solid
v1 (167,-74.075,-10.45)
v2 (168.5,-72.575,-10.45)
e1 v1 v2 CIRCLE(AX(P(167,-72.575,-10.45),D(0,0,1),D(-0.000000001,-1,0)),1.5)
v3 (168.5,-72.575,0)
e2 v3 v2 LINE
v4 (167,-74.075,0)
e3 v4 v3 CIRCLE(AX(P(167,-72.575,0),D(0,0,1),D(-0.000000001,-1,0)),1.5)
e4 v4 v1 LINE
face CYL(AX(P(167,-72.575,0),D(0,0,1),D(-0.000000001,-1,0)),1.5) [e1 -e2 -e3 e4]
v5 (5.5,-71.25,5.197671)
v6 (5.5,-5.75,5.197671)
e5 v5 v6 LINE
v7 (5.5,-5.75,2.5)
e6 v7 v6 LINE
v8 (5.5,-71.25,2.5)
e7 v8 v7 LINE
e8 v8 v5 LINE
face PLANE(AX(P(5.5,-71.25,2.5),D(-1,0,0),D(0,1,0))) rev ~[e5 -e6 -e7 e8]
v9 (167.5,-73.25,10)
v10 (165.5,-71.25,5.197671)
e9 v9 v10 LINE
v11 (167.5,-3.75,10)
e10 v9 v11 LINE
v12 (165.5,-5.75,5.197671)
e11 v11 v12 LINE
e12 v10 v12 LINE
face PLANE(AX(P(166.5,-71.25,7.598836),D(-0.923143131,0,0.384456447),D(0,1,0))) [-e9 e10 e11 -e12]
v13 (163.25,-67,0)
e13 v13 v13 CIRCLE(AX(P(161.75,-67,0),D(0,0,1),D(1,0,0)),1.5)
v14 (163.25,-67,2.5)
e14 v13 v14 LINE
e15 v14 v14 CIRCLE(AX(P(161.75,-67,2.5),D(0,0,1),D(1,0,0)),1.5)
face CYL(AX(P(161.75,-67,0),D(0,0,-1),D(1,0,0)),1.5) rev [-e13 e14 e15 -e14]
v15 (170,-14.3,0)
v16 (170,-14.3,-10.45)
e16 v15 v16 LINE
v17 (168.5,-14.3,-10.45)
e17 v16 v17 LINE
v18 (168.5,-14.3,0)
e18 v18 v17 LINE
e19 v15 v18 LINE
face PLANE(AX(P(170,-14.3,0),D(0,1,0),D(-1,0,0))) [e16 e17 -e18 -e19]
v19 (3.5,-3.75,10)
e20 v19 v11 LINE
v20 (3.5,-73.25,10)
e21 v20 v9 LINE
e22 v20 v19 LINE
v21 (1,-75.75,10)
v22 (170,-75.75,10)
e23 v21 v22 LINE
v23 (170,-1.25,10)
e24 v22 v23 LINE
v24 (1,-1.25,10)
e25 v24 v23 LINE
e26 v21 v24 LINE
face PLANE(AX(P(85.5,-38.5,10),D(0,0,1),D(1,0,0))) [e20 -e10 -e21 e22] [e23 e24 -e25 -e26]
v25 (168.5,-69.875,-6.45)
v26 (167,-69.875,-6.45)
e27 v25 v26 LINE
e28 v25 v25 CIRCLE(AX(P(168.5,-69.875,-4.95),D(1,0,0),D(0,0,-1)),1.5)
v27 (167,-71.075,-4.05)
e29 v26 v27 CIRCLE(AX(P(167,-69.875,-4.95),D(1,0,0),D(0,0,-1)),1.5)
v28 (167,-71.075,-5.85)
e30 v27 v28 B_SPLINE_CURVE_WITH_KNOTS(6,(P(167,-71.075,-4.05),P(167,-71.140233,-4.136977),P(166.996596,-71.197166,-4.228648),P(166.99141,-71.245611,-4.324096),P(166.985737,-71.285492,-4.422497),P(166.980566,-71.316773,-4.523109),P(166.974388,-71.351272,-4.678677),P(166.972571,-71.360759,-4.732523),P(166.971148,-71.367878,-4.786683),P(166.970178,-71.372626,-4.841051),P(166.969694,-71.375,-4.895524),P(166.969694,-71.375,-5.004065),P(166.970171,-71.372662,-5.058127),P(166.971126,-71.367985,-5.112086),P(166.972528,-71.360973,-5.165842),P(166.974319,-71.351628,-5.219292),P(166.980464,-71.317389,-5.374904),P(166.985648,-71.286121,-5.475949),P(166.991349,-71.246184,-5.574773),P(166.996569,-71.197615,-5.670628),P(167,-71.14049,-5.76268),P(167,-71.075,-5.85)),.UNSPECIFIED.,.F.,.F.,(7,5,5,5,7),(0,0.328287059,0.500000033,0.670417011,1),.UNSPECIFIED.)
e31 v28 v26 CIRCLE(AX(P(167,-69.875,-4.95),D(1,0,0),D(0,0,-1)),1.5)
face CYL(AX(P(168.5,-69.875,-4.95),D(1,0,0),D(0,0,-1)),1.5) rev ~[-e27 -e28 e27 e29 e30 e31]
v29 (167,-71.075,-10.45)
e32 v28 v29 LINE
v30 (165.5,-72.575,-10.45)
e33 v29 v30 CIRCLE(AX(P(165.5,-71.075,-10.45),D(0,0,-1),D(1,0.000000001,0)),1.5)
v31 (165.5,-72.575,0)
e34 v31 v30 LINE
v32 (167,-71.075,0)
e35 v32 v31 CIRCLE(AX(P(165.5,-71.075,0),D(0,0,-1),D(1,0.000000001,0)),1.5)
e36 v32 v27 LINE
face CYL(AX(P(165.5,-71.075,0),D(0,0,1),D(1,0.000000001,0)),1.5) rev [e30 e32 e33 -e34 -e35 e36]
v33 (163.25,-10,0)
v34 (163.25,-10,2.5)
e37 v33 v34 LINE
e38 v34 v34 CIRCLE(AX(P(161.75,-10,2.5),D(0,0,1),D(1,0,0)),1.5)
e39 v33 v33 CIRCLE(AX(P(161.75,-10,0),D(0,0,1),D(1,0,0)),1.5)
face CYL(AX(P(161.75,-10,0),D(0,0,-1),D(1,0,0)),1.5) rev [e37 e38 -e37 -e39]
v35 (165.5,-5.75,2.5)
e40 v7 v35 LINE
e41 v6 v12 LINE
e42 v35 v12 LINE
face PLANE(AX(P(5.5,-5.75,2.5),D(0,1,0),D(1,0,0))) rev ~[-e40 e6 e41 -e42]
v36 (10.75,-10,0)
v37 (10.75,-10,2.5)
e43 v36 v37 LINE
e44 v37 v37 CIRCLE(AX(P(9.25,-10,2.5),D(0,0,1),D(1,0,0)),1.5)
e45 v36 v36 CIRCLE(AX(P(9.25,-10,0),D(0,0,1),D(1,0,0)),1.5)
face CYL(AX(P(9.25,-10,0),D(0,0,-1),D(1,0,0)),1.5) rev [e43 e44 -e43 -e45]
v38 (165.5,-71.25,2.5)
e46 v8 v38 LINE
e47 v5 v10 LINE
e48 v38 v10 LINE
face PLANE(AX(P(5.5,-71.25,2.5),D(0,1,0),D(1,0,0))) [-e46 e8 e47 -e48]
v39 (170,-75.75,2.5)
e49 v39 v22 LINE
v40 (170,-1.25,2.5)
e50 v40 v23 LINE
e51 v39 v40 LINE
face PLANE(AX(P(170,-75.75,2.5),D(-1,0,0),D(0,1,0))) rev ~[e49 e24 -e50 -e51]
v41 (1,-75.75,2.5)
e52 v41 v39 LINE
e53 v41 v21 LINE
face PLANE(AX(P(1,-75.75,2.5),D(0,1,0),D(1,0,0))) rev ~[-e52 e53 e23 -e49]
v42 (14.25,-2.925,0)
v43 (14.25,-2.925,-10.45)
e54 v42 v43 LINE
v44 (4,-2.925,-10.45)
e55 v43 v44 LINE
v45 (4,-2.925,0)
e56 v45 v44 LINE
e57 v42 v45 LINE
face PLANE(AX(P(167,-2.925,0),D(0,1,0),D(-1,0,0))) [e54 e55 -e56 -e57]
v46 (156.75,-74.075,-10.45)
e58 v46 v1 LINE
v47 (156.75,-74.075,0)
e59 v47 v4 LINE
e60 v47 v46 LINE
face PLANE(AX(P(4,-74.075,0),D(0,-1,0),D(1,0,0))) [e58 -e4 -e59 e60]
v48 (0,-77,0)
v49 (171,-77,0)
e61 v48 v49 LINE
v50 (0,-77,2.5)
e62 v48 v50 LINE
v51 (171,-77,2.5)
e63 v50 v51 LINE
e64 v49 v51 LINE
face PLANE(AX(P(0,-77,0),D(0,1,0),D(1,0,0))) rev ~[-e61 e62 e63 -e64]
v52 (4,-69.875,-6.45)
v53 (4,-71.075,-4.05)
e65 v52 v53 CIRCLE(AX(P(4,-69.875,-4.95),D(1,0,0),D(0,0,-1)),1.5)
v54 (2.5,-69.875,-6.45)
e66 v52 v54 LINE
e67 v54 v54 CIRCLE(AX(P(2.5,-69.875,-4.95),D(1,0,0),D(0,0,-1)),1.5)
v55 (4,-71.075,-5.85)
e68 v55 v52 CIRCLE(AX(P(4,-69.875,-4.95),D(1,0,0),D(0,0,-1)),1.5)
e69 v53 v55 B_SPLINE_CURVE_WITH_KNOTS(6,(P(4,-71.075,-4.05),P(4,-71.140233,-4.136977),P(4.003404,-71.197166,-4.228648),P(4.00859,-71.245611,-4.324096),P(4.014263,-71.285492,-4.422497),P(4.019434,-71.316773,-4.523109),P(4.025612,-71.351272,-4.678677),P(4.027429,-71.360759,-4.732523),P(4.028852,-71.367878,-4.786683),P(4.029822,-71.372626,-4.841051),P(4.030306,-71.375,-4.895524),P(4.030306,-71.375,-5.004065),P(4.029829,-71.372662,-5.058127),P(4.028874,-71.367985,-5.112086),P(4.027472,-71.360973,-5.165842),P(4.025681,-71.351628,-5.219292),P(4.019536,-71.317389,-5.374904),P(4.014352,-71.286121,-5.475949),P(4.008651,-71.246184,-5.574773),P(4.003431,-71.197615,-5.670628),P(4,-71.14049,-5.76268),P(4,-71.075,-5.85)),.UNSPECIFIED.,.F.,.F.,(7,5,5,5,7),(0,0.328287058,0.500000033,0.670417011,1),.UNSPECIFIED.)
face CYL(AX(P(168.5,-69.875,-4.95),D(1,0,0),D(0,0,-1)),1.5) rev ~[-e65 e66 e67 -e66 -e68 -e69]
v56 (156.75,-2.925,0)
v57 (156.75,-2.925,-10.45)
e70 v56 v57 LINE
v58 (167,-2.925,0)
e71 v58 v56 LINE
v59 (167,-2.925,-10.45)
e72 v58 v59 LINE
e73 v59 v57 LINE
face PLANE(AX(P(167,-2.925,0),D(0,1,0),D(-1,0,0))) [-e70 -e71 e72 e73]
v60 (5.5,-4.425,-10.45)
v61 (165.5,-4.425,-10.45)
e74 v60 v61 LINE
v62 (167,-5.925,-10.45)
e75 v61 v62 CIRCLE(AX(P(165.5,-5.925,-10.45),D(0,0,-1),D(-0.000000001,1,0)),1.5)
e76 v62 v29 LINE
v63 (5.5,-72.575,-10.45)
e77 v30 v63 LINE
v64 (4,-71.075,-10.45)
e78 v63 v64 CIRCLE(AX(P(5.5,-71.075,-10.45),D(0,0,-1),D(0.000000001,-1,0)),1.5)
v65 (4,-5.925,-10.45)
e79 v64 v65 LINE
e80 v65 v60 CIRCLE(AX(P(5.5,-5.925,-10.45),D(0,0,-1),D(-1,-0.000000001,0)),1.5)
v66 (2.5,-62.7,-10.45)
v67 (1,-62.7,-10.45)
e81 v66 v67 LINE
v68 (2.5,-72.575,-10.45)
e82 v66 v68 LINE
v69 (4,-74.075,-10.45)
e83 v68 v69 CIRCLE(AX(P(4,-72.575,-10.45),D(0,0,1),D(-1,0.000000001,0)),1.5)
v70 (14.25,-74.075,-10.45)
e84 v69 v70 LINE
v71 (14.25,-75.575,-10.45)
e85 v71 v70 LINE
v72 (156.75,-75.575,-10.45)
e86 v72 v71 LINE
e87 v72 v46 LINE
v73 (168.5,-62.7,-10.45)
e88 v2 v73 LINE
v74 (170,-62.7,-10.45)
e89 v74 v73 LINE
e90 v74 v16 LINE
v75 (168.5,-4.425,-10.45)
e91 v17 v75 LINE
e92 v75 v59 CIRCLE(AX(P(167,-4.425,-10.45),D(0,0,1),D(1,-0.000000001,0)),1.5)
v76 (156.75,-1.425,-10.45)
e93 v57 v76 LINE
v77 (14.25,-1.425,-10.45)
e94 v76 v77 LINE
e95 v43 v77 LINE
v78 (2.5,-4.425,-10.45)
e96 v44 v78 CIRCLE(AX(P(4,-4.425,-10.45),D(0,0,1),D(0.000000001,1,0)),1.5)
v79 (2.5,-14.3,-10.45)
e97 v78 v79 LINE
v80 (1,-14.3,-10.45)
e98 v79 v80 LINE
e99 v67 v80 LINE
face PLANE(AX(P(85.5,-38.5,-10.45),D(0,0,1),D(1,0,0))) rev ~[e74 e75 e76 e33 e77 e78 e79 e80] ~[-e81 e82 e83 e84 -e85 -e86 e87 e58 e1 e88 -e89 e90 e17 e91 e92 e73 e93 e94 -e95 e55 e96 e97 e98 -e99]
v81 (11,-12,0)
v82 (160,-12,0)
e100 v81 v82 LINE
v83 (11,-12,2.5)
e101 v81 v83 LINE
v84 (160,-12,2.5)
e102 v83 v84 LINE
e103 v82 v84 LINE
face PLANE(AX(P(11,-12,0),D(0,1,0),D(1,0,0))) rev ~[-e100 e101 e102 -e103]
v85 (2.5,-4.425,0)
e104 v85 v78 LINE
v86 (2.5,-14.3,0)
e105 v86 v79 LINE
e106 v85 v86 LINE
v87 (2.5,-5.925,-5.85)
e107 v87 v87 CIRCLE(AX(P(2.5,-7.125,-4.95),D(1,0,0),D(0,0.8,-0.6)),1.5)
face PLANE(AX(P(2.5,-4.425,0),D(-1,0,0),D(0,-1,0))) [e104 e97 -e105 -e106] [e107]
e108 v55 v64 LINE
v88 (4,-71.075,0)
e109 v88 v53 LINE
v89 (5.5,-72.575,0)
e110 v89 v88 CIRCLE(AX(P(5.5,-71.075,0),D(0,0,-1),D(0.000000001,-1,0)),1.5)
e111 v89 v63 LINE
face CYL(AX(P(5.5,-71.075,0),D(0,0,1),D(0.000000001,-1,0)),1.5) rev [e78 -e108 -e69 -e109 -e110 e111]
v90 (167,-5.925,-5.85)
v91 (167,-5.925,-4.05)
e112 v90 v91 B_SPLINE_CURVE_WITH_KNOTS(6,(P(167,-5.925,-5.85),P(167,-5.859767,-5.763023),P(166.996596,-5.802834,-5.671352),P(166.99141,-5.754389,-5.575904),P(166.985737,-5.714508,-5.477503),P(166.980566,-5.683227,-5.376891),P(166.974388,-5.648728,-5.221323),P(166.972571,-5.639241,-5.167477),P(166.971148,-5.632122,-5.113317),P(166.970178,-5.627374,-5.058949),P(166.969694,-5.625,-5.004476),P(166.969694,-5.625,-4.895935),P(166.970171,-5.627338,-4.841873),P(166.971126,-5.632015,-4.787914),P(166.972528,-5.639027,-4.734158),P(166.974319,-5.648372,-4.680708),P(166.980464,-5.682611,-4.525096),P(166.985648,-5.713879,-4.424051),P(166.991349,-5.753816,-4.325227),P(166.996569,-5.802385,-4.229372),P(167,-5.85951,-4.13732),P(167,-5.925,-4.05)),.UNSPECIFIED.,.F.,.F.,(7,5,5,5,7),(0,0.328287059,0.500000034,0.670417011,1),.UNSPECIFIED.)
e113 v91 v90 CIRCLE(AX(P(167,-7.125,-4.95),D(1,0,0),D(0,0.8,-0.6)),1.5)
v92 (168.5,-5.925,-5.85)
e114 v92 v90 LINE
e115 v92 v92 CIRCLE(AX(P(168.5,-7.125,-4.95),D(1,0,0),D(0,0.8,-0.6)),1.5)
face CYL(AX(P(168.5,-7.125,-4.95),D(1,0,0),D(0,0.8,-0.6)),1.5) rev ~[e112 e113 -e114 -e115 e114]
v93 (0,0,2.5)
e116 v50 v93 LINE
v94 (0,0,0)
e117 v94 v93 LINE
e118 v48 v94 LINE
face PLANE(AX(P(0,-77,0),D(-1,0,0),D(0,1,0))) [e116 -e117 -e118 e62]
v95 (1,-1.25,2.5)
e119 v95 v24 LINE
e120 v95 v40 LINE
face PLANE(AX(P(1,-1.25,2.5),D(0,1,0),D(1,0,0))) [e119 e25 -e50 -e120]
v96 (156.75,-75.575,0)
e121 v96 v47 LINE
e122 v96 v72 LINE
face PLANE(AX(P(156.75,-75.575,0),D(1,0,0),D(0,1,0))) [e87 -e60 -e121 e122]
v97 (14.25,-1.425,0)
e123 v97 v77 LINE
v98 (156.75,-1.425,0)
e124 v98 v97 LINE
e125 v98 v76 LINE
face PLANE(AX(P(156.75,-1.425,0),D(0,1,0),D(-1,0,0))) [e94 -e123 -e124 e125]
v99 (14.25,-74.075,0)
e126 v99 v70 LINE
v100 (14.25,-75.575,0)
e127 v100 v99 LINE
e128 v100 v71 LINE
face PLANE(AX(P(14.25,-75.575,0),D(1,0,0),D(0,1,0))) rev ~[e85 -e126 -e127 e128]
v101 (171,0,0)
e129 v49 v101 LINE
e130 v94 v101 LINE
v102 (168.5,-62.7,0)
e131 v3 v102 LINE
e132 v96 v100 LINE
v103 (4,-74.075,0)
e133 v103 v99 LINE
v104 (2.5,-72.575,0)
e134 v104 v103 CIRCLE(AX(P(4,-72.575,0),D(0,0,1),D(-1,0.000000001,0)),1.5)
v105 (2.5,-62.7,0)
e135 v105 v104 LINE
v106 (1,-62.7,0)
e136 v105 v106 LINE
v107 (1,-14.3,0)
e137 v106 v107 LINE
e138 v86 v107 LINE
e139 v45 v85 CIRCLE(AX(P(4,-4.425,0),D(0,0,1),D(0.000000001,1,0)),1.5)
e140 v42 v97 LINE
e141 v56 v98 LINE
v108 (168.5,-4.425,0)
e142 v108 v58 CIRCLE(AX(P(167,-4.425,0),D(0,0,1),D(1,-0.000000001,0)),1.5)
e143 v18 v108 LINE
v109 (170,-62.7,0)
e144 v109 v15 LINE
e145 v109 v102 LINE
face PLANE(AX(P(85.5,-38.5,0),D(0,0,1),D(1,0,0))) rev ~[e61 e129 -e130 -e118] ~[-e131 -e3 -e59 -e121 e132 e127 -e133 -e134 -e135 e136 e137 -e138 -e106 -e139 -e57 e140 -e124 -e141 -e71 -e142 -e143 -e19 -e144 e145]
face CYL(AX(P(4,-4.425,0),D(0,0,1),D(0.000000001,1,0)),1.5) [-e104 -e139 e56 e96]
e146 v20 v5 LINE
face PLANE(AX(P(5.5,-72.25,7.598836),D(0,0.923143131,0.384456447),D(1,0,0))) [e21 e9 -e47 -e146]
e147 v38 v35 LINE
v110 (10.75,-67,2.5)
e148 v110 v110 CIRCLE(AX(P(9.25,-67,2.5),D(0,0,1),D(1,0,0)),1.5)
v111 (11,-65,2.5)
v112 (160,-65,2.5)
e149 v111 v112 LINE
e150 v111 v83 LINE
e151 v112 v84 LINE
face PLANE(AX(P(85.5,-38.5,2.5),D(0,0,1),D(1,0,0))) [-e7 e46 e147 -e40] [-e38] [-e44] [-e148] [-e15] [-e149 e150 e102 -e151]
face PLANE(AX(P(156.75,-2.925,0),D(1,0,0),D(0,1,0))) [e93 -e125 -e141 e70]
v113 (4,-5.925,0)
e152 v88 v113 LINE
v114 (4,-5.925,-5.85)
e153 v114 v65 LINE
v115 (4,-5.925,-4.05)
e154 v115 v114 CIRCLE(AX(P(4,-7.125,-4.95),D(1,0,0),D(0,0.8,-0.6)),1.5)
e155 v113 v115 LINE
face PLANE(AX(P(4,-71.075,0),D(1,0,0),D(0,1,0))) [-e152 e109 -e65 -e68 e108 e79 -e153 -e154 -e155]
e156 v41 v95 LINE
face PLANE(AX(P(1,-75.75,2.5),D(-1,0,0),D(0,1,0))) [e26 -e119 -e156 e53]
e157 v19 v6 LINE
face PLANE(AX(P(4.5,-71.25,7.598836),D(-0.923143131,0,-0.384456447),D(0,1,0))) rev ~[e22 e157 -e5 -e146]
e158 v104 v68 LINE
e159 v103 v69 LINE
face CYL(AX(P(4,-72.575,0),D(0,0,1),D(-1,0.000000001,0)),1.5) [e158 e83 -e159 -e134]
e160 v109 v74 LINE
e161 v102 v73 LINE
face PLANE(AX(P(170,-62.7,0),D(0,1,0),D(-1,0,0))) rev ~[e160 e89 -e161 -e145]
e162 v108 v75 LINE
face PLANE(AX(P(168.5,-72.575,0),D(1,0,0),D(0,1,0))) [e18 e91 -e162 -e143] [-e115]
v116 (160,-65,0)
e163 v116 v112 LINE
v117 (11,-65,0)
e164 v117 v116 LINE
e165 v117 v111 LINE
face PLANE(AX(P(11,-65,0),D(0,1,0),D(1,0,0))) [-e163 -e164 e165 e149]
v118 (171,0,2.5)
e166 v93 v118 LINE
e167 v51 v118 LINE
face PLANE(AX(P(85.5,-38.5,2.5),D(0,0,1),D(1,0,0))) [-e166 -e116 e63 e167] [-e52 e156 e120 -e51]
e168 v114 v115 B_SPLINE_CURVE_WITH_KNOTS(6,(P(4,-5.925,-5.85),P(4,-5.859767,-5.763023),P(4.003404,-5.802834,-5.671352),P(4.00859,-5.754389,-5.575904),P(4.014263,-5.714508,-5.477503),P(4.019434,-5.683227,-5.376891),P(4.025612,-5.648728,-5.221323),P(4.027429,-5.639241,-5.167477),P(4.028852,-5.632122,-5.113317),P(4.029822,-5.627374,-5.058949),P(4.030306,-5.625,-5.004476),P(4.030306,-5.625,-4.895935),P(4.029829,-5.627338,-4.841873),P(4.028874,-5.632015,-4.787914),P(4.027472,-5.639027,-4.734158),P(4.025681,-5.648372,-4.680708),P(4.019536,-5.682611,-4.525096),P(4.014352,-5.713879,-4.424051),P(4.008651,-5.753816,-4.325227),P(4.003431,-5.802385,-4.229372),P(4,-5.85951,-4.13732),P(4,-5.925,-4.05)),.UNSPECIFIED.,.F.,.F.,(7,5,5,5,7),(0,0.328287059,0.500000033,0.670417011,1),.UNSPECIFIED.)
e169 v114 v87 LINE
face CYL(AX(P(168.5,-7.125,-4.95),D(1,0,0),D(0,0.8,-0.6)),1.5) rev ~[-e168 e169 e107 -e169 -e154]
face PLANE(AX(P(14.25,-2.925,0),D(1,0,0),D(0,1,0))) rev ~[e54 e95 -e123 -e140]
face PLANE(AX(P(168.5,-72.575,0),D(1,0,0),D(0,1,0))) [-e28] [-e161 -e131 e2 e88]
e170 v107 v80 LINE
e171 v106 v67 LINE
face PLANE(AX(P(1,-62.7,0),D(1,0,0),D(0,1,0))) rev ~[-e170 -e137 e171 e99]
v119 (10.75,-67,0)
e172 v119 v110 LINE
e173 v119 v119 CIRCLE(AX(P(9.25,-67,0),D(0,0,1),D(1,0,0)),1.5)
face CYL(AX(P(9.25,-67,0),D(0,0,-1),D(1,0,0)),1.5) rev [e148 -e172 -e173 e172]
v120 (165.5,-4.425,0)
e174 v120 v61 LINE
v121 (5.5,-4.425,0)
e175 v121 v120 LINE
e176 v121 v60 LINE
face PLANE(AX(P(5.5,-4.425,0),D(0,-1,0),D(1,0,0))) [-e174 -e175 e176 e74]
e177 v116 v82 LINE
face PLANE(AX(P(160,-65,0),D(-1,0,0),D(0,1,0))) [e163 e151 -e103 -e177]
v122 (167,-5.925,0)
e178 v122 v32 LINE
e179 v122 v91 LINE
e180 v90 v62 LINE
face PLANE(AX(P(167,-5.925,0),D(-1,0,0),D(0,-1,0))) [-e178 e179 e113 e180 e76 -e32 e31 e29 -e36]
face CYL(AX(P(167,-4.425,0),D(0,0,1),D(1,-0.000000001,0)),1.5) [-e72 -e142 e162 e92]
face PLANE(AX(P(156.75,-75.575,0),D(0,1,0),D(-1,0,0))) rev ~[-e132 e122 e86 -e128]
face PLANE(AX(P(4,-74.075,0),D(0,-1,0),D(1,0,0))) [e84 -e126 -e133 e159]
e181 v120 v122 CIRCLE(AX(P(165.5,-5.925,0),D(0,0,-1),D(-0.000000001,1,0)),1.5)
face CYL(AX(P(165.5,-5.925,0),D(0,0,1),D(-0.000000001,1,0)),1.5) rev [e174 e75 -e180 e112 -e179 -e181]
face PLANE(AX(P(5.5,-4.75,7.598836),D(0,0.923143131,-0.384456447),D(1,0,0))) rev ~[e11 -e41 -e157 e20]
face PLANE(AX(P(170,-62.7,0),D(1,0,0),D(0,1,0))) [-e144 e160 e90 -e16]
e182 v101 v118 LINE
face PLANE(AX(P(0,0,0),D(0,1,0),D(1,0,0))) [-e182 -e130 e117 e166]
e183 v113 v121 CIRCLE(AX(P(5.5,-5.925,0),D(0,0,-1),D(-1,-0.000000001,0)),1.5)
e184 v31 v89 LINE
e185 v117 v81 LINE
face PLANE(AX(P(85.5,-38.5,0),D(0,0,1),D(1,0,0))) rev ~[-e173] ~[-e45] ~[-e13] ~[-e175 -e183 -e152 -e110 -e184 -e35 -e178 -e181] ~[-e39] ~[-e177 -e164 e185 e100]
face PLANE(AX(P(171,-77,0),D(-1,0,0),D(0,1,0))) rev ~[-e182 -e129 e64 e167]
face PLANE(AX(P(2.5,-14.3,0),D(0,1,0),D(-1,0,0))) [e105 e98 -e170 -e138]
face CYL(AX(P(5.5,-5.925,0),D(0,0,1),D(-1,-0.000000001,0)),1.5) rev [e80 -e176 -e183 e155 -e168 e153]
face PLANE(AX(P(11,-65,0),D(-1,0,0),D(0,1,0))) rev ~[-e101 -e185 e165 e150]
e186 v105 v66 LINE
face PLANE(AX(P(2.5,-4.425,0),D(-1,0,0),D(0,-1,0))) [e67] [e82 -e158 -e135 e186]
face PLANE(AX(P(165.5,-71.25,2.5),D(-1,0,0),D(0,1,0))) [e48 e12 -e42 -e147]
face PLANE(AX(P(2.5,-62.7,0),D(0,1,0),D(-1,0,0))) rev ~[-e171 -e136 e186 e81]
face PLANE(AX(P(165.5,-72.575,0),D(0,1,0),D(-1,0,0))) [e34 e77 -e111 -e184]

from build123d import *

# Parameters (mm, degrees)
ESQUISSE1_W             = 171
ESQUISSE1_H             = 77
ESQUISSE1_R             = 1.5
ESQUISSE1_W_2           = 149
ESQUISSE1_H_2           = 53
BOSS_EXTRU_1_DEPTH      = 2.5
ESQUISSE2_W             = 169
ESQUISSE2_H             = 74.5
ESQUISSE2_W_2           = 160
ESQUISSE2_H_2           = 65.5
BOSS_EXTRU_2_DEPTH      = 7.5
CHANFREIN7_SIZE         = 2
CHANFREIN7_SIZE2        = 4.802328779
ESQUISSE4_W             = 142.5
ESQUISSE4_H             = 1.5
ESQUISSE4_W_2           = 1.5
ESQUISSE4_H_2           = 48.4
BOSS_EXTRU_3_DEPTH      = 10.45
ESQUISSE5_R             = 1.5
ENL_V_MAT_EXTRU_1_DEPTH = 186.554446188


with BuildPart() as part:
    # Esquisse1 → Boss.-Extru.1 (new body)
    with BuildSketch(Plane.XY):
        with Locations((85.5, -38.5)):
            Rectangle(ESQUISSE1_W, ESQUISSE1_H)
        with Locations((9.25, -10)):
            Circle(ESQUISSE1_R, mode=Mode.SUBTRACT)
        with Locations((161.75, -10)):
            Circle(ESQUISSE1_R, mode=Mode.SUBTRACT)
        with Locations((161.75, -67)):
            Circle(ESQUISSE1_R, mode=Mode.SUBTRACT)
        with Locations((9.25, -67)):
            Circle(ESQUISSE1_R, mode=Mode.SUBTRACT)
        with Locations((85.5, -38.5)):
            Rectangle(ESQUISSE1_W_2, ESQUISSE1_H_2, mode=Mode.SUBTRACT)
    extrude(amount=BOSS_EXTRU_1_DEPTH)

    # Esquisse2 → Boss.-Extru.2 (add)
    with BuildSketch(Plane.XY.offset(2.5)):
        with Locations((85.5, -38.5)):
            Rectangle(ESQUISSE2_W, ESQUISSE2_H)
        with Locations((85.5, -38.5)):
            Rectangle(ESQUISSE2_W_2, ESQUISSE2_H_2, mode=Mode.SUBTRACT)
    extrude(amount=BOSS_EXTRU_2_DEPTH)

    # Chanfrein7
    chanfrein7_edges = [part.edges().sort_by_distance(p)[0] for p in [
        (5.5, -38.5, 10),
        (85.5, -71.25, 10),
        (165.5, -38.5, 10),
        (85.5, -5.75, 10),
    ]]
    chanfrein7_side = [part.faces().sort_by_distance(p)[0] for p in [
        (85.5, -3.096923117, 10),
    ]]
    chamfer(chanfrein7_edges, length=CHANFREIN7_SIZE, length2=CHANFREIN7_SIZE2, reference=chanfrein7_side[0])

    # Esquisse4 → Boss.-Extru.3 (add)
    # profile 1 of 5: a face of its own
    with BuildSketch(Plane(origin=(0, 0, 0), x_dir=(-1, 0, 0), z_dir=(0, 0, -1))):
        with BuildLine():
            Line((-167, -2.925), (-4, -2.925))
            ThreePointArc((-4, -2.925), (-2.939339828, -3.364339828), (-2.5, -4.425))
            Line((-2.5, -4.425), (-2.5, -72.575))
            ThreePointArc((-2.5, -72.575), (-2.939339828, -73.635660172), (-4, -74.075))
            Line((-4, -74.075), (-167, -74.075))
            ThreePointArc((-167, -74.075), (-168.060660172, -73.635660172), (-168.5, -72.575))
            Line((-168.5, -72.575), (-168.5, -4.425))
            ThreePointArc((-168.5, -4.425), (-168.060660172, -3.364339828), (-167, -2.925))
        make_face()
        with BuildLine():
            Line((-167, -5.925), (-167, -71.075))
            ThreePointArc((-167, -71.075), (-166.560660172, -72.135660172), (-165.5, -72.575))
            Line((-165.5, -72.575), (-5.5, -72.575))
            ThreePointArc((-5.5, -72.575), (-4.439339828, -72.135660172), (-4, -71.075))
            Line((-4, -71.075), (-4, -5.925))
            ThreePointArc((-4, -5.925), (-4.439339828, -4.864339828), (-5.5, -4.425))
            Line((-5.5, -4.425), (-165.5, -4.425))
            ThreePointArc((-165.5, -4.425), (-166.560660172, -4.864339828), (-167, -5.925))
        make_face(mode=Mode.SUBTRACT)
    # profile 2 of 5: a face of its own
    with BuildSketch(Plane(origin=(0, 0, 0), x_dir=(-1, 0, 0), z_dir=(0, 0, -1))):
        with Locations((-85.5, -2.175)):
            Rectangle(ESQUISSE4_W, ESQUISSE4_H)
    # profile 3 of 5: a face of its own
    with BuildSketch(Plane(origin=(0, 0, 0), x_dir=(-1, 0, 0), z_dir=(0, 0, -1))):
        with Locations((-169.25, -38.5)):
            Rectangle(ESQUISSE4_W_2, ESQUISSE4_H_2)
    # profile 4 of 5: a face of its own
    with BuildSketch(Plane(origin=(0, 0, 0), x_dir=(-1, 0, 0), z_dir=(0, 0, -1))):
        with Locations((-85.5, -74.825)):
            Rectangle(ESQUISSE4_W, ESQUISSE4_H)
    # profile 5 of 5: a face of its own
    with BuildSketch(Plane(origin=(0, 0, 0), x_dir=(-1, 0, 0), z_dir=(0, 0, -1))):
        with Locations((-1.75, -38.5)):
            Rectangle(ESQUISSE4_W_2, ESQUISSE4_H_2)
    extrude(amount=BOSS_EXTRU_3_DEPTH)

    # Esquisse5 → Enlèv. mat.-Extru.1 (cut, through all)
    with BuildSketch(Plane(origin=(168.5, 0, 0), x_dir=(0, 0, -1), z_dir=(1, 0, 0))):
        with Locations(Location((4.95, -7.125, 0), (0, 0, 53.130102354))):
            Circle(ESQUISSE5_R)
        with Locations((4.95, -69.875)):
            Circle(ESQUISSE5_R)
    extrude(amount=-ENL_V_MAT_EXTRU_1_DEPTH, mode=Mode.SUBTRACT)


solid = part.part
